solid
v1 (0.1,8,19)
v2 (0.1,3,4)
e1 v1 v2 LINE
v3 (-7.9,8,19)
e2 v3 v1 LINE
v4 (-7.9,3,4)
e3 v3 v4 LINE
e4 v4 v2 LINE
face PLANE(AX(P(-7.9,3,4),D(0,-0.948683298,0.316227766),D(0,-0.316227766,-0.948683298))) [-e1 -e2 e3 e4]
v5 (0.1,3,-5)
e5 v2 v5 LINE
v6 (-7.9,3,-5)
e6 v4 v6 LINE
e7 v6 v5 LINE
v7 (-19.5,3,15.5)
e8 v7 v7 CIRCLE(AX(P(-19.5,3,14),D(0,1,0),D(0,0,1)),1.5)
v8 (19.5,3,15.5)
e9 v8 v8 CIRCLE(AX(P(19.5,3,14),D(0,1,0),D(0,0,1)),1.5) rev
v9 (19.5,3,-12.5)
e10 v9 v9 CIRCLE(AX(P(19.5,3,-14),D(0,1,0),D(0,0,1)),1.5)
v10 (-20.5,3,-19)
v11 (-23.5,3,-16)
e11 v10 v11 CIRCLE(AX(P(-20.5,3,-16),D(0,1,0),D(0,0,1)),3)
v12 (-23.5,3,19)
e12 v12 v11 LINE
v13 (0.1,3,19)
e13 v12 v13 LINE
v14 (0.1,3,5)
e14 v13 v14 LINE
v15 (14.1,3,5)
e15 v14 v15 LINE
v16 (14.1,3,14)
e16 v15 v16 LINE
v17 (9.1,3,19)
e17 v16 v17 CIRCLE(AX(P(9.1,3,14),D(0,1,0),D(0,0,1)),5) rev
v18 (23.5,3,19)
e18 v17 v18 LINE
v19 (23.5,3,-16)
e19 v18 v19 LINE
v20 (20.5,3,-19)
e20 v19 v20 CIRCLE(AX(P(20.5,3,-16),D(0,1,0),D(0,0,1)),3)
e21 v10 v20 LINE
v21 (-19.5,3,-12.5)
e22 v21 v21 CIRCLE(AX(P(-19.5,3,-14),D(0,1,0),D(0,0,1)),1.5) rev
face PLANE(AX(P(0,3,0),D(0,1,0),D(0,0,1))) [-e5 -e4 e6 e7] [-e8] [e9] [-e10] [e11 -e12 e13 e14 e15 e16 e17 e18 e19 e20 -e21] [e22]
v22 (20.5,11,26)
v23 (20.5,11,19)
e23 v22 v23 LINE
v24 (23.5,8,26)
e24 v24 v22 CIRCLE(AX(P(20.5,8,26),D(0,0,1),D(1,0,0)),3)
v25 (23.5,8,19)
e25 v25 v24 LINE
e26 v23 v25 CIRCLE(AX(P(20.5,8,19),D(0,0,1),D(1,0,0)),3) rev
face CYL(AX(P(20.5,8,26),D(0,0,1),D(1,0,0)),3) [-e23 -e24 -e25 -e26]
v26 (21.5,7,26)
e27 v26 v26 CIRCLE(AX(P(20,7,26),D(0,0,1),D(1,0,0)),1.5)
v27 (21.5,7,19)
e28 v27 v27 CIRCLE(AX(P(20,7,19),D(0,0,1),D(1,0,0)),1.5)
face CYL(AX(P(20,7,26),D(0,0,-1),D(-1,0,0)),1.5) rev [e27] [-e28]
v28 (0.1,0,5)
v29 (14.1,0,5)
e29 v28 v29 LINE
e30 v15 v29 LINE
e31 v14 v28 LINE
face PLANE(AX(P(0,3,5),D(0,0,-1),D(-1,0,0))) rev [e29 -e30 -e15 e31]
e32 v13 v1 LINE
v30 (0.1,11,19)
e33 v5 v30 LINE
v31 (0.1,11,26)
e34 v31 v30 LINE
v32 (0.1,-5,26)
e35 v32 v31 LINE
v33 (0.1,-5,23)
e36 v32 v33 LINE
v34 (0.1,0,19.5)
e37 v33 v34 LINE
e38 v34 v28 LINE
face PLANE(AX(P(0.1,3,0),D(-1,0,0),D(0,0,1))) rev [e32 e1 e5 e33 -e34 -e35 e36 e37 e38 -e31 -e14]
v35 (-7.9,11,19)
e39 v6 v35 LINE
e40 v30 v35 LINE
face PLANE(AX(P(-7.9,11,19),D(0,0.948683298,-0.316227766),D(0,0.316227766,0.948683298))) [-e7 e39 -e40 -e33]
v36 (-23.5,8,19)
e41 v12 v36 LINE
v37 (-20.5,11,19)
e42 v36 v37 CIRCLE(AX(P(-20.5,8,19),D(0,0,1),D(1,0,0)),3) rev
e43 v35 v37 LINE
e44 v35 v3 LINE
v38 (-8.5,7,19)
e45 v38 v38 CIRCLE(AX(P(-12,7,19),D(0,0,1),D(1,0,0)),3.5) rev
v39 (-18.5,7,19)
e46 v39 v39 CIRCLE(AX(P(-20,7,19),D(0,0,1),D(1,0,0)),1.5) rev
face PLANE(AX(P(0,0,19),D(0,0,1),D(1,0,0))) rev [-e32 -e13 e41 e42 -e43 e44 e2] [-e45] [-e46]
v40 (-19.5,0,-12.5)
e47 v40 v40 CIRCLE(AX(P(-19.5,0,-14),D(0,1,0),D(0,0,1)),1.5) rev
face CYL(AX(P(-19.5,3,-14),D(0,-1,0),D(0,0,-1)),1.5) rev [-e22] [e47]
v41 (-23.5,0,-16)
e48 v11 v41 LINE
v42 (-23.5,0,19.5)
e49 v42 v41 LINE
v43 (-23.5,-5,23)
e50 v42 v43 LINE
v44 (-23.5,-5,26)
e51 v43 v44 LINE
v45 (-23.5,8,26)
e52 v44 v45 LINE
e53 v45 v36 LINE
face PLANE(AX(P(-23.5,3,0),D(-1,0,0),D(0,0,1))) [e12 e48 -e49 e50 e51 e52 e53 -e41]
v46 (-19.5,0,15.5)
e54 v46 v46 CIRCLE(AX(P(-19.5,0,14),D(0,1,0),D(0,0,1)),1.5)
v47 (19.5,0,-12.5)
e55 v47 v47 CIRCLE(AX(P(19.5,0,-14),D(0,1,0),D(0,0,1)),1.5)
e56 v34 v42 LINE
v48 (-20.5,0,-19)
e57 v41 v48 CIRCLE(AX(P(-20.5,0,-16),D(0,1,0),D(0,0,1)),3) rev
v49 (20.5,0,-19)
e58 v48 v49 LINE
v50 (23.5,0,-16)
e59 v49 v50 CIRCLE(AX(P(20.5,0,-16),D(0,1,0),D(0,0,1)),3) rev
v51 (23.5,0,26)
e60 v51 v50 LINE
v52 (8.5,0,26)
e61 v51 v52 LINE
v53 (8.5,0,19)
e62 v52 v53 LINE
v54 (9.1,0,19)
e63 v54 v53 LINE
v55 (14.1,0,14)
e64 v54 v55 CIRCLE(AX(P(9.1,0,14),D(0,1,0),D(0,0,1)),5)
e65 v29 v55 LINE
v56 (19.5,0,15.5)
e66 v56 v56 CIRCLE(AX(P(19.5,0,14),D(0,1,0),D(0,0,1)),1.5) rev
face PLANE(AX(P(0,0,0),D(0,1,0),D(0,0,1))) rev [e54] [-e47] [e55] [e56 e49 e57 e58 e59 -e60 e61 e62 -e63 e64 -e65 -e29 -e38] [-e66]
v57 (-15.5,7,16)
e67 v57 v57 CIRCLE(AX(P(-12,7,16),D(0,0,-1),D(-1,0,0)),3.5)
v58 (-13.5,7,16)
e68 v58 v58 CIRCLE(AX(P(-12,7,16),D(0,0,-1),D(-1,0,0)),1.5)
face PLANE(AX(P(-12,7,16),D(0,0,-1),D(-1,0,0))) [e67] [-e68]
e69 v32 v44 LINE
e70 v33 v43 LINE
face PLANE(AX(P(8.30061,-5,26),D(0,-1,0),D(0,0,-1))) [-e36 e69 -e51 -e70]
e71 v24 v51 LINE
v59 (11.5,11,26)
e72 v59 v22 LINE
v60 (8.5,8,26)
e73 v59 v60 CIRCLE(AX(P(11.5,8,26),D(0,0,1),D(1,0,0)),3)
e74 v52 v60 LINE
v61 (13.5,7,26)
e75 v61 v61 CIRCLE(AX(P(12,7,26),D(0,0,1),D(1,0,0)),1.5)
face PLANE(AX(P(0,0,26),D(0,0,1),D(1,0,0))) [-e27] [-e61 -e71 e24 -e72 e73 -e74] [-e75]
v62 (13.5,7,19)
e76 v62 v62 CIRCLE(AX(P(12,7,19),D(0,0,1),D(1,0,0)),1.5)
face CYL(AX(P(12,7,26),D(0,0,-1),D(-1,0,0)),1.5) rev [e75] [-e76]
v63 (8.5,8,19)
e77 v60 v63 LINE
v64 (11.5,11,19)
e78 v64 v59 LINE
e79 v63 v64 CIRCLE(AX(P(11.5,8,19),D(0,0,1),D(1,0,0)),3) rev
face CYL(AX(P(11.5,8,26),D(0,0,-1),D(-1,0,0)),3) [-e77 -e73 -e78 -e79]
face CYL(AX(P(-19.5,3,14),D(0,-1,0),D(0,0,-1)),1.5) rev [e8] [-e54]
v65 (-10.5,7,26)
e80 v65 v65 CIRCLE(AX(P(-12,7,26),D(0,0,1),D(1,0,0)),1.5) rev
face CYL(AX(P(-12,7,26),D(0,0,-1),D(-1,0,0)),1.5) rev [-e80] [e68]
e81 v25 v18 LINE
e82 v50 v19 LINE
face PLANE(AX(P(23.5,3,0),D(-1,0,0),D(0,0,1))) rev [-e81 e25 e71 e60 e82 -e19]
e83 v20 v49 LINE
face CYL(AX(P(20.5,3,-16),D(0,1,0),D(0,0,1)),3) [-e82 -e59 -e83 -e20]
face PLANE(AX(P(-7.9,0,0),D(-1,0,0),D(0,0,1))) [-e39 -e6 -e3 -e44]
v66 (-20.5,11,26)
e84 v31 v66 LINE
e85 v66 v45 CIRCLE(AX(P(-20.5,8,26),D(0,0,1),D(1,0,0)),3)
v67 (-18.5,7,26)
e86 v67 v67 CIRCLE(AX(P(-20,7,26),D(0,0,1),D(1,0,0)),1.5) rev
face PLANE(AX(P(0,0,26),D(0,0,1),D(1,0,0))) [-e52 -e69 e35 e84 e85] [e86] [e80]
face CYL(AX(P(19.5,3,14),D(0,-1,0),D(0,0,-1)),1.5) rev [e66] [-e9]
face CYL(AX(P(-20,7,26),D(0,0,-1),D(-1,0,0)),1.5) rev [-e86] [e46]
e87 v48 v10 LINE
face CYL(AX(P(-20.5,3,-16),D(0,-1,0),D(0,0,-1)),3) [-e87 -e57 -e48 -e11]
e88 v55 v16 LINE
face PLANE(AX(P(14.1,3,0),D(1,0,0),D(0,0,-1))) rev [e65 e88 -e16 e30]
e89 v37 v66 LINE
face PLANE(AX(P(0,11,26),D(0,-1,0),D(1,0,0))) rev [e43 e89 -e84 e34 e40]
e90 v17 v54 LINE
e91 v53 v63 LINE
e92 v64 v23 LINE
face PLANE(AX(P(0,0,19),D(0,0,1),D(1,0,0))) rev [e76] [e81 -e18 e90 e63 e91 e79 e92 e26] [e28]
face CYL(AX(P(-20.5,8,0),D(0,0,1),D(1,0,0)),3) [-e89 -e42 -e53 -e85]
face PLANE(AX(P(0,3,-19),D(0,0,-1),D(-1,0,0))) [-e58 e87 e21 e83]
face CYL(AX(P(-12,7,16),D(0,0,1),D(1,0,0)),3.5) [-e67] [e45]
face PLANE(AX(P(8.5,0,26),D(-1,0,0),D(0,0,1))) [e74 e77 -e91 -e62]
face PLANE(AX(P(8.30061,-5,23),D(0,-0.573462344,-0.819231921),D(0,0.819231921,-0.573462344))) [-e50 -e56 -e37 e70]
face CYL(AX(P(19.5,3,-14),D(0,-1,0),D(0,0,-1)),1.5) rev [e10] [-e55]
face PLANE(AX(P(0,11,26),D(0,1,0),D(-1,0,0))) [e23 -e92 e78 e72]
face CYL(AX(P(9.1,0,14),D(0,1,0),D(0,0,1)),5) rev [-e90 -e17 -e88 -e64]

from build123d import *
from build123d.topology import SkipClean

# Parameters (mm, degrees)
SKETCH_1_R      = 1.5
EXTRUDE_1_DEPTH = 3
SKETCH_2_W      = 23.5
SKETCH_2_H      = 11
SKETCH_2_R      = 1.5
SKETCH_2_W_2    = 0.1
SKETCH_2_W_3    = 15
EXTRUDE_2_DEPTH = 7
EXTRUDE_3_DEPTH = 8
FILLET_4_R      = 3
EXTRUDE_4_DEPTH = 23.6
FILLET_5_R      = 5
FILLET_6_R      = 3
EXTRUDE_START   = 3
SKETCH_7_R      = 3.5
SKETCH_7_R_2    = 1.5
EXTRUDE_5_DEPTH = 3


with BuildPart() as part:
    # 草图1 → 凸台-拉伸1 (new body)
    with BuildSketch(Plane(origin=(0, 0, 0), x_dir=(1, 0, 0), z_dir=(0, 1, 0))):
        Polygon((-23.5, 19), (-23.5, -19), (0.1, -19), (0.1, -5), (14.1, -5), (14.1, -19), (23.5, -19), (23.5, 19), align=None)
        with Locations(Location((-19.5, -14, 0), (0, 0, 270))):
            Circle(SKETCH_1_R, mode=Mode.SUBTRACT)
        with Locations(Location((19.5, -14, 0), (0, 0, 270))):
            Circle(SKETCH_1_R, mode=Mode.SUBTRACT)
        with Locations(Location((-19.5, 14, 0), (0, 0, 270))):
            Circle(SKETCH_1_R, mode=Mode.SUBTRACT)
        with Locations(Location((19.5, 14, 0), (0, 0, 270))):
            Circle(SKETCH_1_R, mode=Mode.SUBTRACT)
    extrude(amount=EXTRUDE_1_DEPTH)

    # 草图2 → 凸台-拉伸2 (add)
    # profile 1 of 3: a face of its own
    with BuildSketch(Plane.XY.offset(19)):
        with Locations((-11.75, 5.5)):
            Rectangle(SKETCH_2_W, SKETCH_2_H)
        with Locations((-20, 7)):
            Circle(SKETCH_2_R, mode=Mode.SUBTRACT)
        with Locations((-12, 7)):
            Circle(SKETCH_2_R, mode=Mode.SUBTRACT)
    # profile 2 of 3: a face of its own
    with BuildSketch(Plane.XY.offset(19)):
        with Locations((0.05, 5.5)):
            Rectangle(SKETCH_2_W_2, SKETCH_2_H)
    # profile 3 of 3: a face of its own
    with BuildSketch(Plane.XY.offset(19)):
        with Locations((16, 5.5)):
            Rectangle(SKETCH_2_W_3, SKETCH_2_H)
        with Locations((12, 7)):
            Circle(SKETCH_2_R, mode=Mode.SUBTRACT)
        with Locations((20, 7)):
            Circle(SKETCH_2_R, mode=Mode.SUBTRACT)
    extrude(amount=EXTRUDE_2_DEPTH)

    # 草图3 → 凸台-拉伸3 (add)
    with BuildSketch(Plane(origin=(0.1, 0, 0), x_dir=(0, 0, -1), z_dir=(1, 0, 0))):
        Polygon((-19, 11), (-19, 8), (-4, 3), (5, 3), align=None)
    extrude(amount=-EXTRUDE_3_DEPTH)

    # 圆角4
    fillet_4_edges = [part.edges().sort_by_distance(p)[0] for p in [
        (-23.5, 11, 22.5),
        (23.5, 11, 22.5),
        (8.5, 11, 22.5),
    ]]
    fillet(fillet_4_edges, radius=FILLET_4_R)

    # 草图4 → 凸台-拉伸4 (add)
    with BuildSketch(Plane.ZY.offset(23.5)):
        Polygon((26, 0), (26, -5), (23, -5), (19.5, 0), align=None)
    extrude(amount=-EXTRUDE_4_DEPTH)

    # 圆角5
    fillet_5_edges = [part.edges().sort_by_distance(p)[0] for p in [
        (14.1, 1.5, 19),
    ]]
    fillet(fillet_5_edges, radius=FILLET_5_R)

    # 圆角6
    fillet_6_edges = [part.edges().sort_by_distance(p)[0] for p in [
        (-23.5, 1.5, -19),
        (23.5, 1.5, -19),
    ]]
    fillet(fillet_6_edges, radius=FILLET_6_R)

    # 草图7 → 凸台-拉伸5 (add)
    with SkipClean():  # the faces are left unmerged after this step: merging them gives an invalid solid
        with BuildSketch(Plane(origin=(0, 0, 19), x_dir=(-1, 0, 0), z_dir=(0, 0, -1)).offset(EXTRUDE_START)):
            with Locations(Location((12, 7, 0), (0, 0, 180))):
                Circle(SKETCH_7_R)
            with Locations((12, 7)):
                Circle(SKETCH_7_R_2, mode=Mode.SUBTRACT)
        extrude(amount=-EXTRUDE_5_DEPTH)


solid = part.part
